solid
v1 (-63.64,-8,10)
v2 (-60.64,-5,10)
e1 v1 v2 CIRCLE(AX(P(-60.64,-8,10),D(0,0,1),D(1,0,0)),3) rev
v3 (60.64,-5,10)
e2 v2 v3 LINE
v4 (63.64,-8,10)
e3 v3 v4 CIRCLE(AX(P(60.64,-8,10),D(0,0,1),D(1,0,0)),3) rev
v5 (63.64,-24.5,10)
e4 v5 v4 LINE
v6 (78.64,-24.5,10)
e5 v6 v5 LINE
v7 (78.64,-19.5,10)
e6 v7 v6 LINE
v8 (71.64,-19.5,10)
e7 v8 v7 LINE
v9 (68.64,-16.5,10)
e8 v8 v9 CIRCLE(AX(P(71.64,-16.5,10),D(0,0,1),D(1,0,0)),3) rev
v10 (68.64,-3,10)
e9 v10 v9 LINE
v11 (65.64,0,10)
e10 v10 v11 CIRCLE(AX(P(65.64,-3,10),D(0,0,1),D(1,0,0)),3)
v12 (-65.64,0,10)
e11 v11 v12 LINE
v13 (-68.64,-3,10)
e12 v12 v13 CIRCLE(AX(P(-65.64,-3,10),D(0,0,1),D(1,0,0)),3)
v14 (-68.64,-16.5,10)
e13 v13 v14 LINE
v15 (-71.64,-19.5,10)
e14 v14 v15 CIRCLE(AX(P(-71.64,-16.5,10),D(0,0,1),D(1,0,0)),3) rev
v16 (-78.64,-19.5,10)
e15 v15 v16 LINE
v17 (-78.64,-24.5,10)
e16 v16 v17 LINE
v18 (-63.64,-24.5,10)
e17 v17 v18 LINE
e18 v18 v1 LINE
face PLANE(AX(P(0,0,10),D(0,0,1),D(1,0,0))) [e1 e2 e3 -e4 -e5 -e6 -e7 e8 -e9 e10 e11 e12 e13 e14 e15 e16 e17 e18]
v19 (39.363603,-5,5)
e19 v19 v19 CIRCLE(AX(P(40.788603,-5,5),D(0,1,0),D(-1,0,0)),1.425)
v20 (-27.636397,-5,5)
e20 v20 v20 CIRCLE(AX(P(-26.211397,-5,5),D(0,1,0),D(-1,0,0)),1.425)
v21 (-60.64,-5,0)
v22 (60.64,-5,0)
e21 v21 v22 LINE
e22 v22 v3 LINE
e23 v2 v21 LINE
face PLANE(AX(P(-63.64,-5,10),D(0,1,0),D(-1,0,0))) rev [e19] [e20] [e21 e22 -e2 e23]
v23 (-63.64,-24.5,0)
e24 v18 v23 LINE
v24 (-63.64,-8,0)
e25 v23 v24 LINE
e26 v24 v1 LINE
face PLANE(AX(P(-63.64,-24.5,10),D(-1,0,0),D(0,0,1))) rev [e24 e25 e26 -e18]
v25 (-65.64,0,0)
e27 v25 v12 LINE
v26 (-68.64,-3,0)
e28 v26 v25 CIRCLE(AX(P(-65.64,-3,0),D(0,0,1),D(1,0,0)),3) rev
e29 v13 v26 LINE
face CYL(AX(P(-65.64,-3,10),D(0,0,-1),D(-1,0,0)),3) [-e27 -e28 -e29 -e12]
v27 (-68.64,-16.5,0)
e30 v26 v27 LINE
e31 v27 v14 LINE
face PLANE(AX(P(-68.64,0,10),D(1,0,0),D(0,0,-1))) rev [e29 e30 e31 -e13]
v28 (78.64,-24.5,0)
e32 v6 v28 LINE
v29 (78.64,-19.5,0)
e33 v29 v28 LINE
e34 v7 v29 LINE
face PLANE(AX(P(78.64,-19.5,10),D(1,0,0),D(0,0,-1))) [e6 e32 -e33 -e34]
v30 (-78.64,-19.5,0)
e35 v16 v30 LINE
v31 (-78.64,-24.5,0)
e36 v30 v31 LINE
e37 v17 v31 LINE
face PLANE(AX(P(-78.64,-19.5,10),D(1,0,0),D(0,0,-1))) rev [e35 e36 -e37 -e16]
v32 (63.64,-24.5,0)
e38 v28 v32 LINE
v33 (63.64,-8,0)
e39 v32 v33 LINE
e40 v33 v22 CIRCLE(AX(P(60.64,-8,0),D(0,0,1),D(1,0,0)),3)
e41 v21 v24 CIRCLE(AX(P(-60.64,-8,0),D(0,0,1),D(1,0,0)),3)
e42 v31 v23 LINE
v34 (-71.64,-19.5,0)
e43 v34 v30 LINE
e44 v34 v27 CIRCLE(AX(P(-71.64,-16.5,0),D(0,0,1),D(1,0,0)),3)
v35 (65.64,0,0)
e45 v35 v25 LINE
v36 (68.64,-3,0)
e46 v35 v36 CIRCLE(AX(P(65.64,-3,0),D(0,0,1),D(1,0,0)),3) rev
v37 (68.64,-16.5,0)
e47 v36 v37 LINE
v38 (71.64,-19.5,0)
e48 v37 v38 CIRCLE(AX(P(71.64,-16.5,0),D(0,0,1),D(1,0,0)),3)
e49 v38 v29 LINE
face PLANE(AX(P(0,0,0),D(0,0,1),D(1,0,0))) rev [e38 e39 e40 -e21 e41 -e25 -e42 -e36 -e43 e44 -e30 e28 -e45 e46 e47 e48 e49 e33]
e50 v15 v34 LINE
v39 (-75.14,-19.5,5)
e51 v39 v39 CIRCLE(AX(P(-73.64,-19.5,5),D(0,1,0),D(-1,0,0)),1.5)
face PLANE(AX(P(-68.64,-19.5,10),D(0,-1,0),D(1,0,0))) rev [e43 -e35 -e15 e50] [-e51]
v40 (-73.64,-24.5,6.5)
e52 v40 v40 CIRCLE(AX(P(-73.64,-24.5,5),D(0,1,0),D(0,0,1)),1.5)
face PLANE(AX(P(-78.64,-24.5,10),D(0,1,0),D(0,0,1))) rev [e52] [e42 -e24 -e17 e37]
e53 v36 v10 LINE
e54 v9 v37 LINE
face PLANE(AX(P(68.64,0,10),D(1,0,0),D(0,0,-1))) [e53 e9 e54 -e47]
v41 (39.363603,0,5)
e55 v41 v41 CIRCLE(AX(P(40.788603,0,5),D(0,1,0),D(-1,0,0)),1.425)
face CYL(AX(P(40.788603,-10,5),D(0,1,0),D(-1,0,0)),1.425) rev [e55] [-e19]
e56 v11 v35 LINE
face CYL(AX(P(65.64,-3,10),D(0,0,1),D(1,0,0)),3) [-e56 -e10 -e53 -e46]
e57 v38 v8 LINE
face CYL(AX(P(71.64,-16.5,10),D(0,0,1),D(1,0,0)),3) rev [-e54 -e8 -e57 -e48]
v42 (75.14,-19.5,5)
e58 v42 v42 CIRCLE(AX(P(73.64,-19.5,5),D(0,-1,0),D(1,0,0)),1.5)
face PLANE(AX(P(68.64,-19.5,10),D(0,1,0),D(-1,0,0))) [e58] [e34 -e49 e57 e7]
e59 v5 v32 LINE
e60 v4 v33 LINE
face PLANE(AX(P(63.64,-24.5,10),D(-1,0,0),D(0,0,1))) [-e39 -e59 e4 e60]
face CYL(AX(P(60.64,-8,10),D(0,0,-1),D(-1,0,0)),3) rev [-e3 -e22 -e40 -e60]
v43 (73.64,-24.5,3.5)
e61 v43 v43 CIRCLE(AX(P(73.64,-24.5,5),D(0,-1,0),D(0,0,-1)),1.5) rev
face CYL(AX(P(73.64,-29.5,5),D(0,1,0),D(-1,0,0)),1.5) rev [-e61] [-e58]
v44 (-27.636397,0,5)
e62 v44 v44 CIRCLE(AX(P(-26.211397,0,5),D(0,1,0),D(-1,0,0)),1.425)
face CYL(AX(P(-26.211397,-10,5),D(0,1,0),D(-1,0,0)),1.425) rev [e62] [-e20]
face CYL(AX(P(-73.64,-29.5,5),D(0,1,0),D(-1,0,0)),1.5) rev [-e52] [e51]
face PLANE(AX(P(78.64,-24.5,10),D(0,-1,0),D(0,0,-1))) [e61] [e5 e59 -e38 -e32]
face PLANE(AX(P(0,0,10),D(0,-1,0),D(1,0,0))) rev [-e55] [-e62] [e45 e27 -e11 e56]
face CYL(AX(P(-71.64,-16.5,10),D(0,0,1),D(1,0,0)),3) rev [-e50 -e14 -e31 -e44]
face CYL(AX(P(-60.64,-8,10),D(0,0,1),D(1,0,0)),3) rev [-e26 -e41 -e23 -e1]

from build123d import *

# Parameters (mm, degrees)
BOSS_EXTRUDE1_DEPTH  = 10
SKETCH2_R            = 1.5
CUT_EXTRUDE1_DEPTH   = 10
FILLET1_R            = 3
FILLET1_OF_MIRROR1_R = 3
SKETCH3_R            = 1.425
CUT_EXTRUDE2_DEPTH   = 10


with BuildPart() as part:
    # Sketch1 → Boss-Extrude1 (new body)
    with BuildSketch(Plane.XY):
        Polygon((0, 0), (-68.64, 0), (-68.64, -19.5), (-78.64, -19.5), (-78.64, -24.5), (-63.64, -24.5), (-63.64, -5), (0, -5), align=None)
    boss_extrude1 = extrude(amount=BOSS_EXTRUDE1_DEPTH)

    # Sketch2 → Cut-Extrude1 (cut)
    with BuildSketch(Plane(origin=(0, -19.5, 0), x_dir=(1, 0, 0), z_dir=(0, 1, 0))):
        with Locations(Location((-73.64, -5, 0), (0, 0, 180))):
            Circle(SKETCH2_R)
    cut_extrude1 = extrude(amount=-CUT_EXTRUDE1_DEPTH, mode=Mode.SUBTRACT)

    # Fillet1
    fillet1_edges = [part.edges().sort_by_distance(p)[0] for p in [
        (-63.64, -5, 5),
        (-68.64, -19.5, 5),
        (-68.64, 0, 5),
    ]]
    fillet(fillet1_edges, radius=FILLET1_R)

    # Mirror1: Boss-Extrude1, Cut-Extrude1 across plane
    add(boss_extrude1.mirror(Plane(origin=(0, -5, 10), x_dir=(0, 0, 1), z_dir=(-1, 0, 0))))
    add(cut_extrude1.mirror(Plane(origin=(0, -5, 10), x_dir=(0, 0, 1), z_dir=(-1, 0, 0))), mode=Mode.SUBTRACT)

    # Fillet1 of Mirror1
    fillet1_of_mirror1_edges = [part.edges().sort_by_distance(p)[0] for p in [
        (63.64, -5, 5),
        (68.64, -19.5, 5),
        (68.64, 0, 5),
    ]]
    fillet(fillet1_of_mirror1_edges, radius=FILLET1_OF_MIRROR1_R)

    # Sketch3 → Cut-Extrude2 (cut)
    with BuildSketch(Plane(origin=(0, 0, 0), x_dir=(1, 0, 0), z_dir=(0, 1, 0))):
        with Locations(Location((40.788603054, -5, 0), (0, 0, 180))):
            Circle(SKETCH3_R)
        with Locations(Location((-26.211396946, -5, 0), (0, 0, 180))):
            Circle(SKETCH3_R)
    extrude(amount=-CUT_EXTRUDE2_DEPTH, mode=Mode.SUBTRACT)


solid = part.part
